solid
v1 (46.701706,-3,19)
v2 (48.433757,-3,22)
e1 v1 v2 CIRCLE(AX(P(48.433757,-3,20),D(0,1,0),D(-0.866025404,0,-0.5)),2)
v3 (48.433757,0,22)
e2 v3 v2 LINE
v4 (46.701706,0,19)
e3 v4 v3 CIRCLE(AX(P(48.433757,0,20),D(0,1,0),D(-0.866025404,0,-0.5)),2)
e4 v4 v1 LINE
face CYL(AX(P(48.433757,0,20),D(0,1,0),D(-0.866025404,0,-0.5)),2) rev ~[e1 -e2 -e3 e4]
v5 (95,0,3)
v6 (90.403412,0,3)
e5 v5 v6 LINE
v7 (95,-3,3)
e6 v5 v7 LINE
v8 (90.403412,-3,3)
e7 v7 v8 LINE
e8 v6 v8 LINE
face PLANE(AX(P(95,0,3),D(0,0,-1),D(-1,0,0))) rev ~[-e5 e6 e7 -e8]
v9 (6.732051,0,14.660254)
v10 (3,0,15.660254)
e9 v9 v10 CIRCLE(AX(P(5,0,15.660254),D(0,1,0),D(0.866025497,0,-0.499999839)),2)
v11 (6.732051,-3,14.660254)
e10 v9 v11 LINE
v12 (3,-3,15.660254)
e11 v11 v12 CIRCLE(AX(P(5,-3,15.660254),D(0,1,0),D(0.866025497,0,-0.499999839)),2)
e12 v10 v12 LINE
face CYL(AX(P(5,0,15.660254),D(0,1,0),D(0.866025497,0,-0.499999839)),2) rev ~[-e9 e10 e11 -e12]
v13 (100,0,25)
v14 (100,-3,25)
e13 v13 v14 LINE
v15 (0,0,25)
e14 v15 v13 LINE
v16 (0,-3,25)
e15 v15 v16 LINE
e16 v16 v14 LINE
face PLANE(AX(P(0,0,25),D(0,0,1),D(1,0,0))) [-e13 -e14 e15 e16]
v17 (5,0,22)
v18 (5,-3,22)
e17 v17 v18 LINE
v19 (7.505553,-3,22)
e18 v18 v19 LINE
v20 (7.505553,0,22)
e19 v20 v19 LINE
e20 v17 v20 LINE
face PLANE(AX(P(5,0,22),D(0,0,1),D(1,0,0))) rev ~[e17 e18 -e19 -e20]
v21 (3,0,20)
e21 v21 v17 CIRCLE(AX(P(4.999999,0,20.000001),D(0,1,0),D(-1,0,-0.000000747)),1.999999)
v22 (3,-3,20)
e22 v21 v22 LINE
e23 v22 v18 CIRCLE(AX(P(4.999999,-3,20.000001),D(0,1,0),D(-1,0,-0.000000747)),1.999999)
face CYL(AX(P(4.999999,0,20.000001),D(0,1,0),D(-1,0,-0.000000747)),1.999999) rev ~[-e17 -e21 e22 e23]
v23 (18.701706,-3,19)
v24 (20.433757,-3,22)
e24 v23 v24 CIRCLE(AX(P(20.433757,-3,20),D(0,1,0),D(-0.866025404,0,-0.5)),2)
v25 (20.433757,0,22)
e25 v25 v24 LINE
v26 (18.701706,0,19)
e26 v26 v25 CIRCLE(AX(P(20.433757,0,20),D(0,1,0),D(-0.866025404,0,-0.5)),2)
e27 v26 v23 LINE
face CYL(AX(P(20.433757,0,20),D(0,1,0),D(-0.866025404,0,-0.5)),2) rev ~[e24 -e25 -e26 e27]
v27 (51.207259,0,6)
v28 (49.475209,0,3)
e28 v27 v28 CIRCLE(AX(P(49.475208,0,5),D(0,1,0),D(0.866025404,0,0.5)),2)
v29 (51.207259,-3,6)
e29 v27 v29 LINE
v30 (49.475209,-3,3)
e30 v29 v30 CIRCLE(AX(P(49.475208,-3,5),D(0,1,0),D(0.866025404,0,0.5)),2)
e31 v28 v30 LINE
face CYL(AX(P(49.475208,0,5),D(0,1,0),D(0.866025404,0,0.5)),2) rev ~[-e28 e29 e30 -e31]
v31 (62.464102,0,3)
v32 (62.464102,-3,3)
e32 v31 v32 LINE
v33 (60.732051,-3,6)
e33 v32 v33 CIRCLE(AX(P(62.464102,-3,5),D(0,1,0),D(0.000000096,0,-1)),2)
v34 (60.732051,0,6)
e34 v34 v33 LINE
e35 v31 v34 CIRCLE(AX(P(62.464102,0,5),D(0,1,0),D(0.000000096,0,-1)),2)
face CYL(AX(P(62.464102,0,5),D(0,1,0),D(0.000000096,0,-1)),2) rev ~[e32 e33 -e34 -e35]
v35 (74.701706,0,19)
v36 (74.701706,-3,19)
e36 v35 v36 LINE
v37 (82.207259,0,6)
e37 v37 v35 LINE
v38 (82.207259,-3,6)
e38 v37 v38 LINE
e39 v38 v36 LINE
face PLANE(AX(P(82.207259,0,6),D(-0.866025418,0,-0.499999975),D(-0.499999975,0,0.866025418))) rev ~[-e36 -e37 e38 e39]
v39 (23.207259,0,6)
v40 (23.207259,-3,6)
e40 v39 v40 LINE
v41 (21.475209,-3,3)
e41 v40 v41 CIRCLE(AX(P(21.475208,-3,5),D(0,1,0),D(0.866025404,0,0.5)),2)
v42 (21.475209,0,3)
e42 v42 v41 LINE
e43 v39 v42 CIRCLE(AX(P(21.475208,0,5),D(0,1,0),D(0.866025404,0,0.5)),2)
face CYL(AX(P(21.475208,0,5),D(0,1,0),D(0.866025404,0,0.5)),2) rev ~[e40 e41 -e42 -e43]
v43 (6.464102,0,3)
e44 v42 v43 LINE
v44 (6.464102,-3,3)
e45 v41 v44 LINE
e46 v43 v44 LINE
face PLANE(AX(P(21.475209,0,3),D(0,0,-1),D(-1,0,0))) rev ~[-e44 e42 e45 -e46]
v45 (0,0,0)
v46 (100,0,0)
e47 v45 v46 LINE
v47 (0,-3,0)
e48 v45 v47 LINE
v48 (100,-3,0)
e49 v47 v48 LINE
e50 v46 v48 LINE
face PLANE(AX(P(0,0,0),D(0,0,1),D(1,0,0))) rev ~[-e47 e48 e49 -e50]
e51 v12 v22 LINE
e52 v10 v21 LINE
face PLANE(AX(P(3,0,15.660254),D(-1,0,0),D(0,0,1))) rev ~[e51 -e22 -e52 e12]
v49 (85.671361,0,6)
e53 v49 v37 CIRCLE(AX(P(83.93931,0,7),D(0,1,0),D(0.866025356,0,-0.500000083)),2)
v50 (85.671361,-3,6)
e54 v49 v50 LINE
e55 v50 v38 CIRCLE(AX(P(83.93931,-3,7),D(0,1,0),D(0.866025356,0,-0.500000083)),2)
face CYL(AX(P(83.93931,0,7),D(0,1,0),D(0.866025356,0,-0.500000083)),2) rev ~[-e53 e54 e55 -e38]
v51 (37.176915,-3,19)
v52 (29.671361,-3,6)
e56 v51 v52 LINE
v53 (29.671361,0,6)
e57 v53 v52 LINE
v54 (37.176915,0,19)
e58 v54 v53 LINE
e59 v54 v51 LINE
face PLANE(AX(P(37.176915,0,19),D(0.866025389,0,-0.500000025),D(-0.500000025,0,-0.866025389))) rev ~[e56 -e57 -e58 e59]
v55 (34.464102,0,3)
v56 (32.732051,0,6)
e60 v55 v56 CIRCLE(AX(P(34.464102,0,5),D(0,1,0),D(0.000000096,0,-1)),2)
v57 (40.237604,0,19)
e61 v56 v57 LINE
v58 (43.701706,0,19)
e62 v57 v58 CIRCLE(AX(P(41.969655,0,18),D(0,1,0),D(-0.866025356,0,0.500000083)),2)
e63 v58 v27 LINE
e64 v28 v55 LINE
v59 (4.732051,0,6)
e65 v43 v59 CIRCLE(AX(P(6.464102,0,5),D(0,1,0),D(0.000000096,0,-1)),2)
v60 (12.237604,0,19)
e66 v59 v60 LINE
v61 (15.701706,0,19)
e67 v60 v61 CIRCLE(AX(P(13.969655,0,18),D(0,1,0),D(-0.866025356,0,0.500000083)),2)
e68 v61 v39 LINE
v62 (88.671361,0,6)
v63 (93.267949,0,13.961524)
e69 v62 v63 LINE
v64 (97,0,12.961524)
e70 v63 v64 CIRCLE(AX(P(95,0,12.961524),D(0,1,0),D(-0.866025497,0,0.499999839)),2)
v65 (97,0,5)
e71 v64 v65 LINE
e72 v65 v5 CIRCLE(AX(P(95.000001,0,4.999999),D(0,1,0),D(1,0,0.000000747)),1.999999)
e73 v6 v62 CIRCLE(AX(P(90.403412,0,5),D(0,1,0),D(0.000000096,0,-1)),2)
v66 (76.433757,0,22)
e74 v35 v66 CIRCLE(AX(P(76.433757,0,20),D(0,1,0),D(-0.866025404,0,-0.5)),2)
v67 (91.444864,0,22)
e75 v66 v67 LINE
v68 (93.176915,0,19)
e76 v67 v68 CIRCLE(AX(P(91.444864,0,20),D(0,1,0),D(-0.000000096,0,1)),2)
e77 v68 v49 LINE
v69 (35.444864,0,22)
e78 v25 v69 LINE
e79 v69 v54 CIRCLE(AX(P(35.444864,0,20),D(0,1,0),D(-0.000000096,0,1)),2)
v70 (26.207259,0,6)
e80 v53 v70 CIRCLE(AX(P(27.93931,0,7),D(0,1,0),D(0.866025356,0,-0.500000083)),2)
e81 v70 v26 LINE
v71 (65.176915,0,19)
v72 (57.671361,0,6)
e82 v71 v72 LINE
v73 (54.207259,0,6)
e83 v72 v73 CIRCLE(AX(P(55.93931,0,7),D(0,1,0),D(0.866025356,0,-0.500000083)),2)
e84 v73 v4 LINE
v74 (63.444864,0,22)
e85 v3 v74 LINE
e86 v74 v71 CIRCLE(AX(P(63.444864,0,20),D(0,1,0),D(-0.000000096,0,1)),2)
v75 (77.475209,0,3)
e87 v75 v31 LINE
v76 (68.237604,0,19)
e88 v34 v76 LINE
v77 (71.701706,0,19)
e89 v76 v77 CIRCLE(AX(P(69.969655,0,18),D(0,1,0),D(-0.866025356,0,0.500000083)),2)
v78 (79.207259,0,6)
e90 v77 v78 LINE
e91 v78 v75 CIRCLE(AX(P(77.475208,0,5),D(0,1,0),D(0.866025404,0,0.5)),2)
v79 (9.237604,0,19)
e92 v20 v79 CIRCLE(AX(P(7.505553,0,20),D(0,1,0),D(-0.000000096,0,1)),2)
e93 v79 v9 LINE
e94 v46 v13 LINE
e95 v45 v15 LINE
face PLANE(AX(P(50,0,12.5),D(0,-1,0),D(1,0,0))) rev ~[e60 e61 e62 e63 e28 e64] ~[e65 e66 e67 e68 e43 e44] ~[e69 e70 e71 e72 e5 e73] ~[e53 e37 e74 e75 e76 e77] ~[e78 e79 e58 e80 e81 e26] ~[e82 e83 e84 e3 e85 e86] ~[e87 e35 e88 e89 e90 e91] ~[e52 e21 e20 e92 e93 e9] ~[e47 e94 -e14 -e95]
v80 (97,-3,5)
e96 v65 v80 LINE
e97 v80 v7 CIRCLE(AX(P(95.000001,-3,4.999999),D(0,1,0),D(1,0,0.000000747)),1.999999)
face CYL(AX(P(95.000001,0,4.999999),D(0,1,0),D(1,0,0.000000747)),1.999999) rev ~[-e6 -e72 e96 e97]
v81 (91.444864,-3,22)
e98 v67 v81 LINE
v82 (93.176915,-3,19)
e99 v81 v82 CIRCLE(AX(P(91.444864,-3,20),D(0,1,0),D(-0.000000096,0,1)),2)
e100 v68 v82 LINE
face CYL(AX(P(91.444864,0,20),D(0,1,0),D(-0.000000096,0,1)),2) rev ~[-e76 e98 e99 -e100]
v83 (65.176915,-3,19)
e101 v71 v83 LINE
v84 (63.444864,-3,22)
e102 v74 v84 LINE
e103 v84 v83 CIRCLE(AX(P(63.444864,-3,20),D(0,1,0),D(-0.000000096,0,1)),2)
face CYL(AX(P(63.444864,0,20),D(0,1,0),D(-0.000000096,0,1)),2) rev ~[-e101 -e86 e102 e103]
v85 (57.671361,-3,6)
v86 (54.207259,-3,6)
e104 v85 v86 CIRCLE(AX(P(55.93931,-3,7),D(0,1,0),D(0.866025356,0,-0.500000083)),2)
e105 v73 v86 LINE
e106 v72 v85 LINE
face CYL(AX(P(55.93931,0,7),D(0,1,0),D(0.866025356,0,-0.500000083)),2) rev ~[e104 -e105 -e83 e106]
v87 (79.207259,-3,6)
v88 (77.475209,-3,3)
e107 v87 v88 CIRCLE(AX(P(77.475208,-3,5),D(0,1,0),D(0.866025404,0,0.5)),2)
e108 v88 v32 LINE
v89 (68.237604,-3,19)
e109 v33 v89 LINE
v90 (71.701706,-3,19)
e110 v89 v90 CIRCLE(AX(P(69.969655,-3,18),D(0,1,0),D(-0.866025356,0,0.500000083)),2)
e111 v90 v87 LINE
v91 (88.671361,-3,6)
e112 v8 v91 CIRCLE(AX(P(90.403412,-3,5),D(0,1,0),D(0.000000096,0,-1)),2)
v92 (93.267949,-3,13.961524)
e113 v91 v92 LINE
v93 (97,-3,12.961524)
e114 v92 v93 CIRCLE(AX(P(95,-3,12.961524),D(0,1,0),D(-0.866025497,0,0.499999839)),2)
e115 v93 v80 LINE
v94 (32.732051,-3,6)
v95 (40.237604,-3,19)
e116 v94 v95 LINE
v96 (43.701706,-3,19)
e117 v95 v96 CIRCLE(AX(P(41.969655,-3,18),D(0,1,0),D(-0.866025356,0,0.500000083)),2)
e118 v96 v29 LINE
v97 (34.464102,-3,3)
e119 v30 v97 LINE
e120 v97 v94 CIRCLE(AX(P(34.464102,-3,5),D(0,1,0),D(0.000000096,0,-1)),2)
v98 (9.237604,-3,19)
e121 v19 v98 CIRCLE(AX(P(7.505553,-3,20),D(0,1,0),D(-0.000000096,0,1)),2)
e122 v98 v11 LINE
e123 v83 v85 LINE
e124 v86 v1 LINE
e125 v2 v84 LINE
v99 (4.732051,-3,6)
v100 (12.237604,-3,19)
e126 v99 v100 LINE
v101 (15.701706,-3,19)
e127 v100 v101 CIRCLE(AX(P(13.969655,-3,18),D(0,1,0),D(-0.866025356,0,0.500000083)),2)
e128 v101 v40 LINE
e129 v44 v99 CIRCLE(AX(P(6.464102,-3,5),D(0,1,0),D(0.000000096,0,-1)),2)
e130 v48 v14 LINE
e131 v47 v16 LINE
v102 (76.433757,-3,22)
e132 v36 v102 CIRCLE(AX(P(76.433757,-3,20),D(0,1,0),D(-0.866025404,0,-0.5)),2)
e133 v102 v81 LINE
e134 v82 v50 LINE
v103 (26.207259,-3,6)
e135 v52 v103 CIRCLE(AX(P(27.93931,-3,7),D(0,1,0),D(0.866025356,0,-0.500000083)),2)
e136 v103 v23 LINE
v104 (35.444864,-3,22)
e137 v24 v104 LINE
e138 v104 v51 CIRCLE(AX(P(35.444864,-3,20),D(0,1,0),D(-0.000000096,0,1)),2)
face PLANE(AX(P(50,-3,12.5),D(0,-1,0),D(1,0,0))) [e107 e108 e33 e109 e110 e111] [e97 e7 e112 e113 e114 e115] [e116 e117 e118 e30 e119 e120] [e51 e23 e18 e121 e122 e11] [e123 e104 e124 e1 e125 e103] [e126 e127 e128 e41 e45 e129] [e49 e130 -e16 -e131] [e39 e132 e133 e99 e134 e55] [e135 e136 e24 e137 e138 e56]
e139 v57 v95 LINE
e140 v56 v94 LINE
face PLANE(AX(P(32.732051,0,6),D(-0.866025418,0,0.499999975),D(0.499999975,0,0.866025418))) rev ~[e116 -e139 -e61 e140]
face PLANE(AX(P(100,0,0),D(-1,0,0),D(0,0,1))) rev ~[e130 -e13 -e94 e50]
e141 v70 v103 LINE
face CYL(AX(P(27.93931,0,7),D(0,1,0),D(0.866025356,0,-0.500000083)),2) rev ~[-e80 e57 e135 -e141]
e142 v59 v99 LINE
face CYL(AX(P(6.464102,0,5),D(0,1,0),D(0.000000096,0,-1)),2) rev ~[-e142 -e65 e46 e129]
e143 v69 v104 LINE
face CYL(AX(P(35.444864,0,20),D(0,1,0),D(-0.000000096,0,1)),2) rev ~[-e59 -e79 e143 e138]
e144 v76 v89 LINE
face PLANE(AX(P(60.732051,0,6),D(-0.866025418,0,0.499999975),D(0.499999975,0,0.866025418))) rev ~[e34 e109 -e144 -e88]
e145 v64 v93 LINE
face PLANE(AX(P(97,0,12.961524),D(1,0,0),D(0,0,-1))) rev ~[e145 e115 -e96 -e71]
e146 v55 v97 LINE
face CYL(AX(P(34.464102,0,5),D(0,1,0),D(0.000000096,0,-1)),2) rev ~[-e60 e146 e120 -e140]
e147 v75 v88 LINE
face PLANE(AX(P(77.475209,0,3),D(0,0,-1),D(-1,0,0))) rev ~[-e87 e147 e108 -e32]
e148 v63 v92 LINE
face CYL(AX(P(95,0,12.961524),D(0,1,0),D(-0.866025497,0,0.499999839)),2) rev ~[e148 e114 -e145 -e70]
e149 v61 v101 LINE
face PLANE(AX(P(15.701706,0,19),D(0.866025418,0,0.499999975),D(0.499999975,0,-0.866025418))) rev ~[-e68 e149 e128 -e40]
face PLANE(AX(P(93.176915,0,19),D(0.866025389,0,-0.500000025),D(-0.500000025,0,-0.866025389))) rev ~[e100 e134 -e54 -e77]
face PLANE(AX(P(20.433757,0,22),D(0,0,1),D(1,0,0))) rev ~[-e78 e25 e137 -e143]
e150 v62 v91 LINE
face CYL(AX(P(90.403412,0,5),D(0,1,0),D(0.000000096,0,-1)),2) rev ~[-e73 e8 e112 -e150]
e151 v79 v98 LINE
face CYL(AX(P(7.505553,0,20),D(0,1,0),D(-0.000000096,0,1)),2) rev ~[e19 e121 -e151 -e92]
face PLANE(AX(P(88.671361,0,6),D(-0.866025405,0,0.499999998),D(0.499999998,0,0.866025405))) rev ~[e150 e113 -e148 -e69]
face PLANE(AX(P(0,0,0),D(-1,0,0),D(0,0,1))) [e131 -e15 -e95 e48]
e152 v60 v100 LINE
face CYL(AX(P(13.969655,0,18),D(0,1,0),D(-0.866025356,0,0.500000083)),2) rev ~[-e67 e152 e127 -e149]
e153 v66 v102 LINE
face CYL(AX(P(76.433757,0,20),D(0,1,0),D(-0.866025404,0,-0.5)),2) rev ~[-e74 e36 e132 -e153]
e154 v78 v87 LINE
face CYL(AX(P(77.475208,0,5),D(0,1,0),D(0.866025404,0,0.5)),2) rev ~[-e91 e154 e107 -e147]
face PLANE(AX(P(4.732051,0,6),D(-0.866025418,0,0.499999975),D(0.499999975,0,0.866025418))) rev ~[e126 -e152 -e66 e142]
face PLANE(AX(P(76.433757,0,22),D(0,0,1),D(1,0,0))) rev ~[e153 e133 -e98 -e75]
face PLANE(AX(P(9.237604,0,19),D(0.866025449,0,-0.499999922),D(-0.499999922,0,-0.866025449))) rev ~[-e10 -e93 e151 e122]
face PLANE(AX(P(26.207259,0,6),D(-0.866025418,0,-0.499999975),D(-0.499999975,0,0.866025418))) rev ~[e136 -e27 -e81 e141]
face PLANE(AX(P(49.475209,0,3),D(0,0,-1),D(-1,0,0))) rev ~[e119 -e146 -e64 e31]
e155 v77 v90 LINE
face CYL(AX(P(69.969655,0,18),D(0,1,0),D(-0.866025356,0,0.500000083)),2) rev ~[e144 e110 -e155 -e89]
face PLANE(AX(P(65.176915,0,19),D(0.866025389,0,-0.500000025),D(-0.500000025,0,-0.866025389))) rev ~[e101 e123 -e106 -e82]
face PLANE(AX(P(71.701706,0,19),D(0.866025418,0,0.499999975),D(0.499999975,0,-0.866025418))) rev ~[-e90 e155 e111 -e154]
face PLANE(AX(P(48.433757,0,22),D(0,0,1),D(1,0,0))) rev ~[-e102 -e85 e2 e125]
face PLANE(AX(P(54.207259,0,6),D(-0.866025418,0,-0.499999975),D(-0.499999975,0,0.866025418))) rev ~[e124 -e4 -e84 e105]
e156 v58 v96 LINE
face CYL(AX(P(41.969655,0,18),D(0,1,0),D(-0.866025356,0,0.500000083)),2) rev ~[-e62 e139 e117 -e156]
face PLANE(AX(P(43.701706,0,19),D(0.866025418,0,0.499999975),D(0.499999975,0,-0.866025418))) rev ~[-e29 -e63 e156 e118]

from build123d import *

# Parameters (mm, degrees)
F0_W     = 100
F0_H     = 25
F1_DEPTH = 3


with BuildPart() as f1:
    # F0 (on Front) → F1 (new body)
    with BuildSketch(Plane.XZ):
        with Locations((50, 12.5)):
            Rectangle(F0_W, F0_H)
        with BuildLine():
            Line((4.732051, 6), (12.237604, 19))
            ThreePointArc((12.237604, 19), (13.969655, 20), (15.701706, 19))
            Line((15.701706, 19), (23.207259, 6))
            ThreePointArc((23.207259, 6), (23.207259, 4), (21.475209, 3))
            Line((21.475209, 3), (6.464102, 3))
            ThreePointArc((6.464102, 3), (4.732051, 4), (4.732051, 6))
        make_face(mode=Mode.SUBTRACT)
        with BuildLine():
            ThreePointArc((51.207259, 6), (51.207259, 4), (49.475209, 3))
            Line((49.475209, 3), (34.464102, 3))
            ThreePointArc((34.464102, 3), (32.732051, 4), (32.732051, 6))
            Line((32.732051, 6), (40.237604, 19))
            ThreePointArc((40.237604, 19), (41.969655, 20), (43.701706, 19))
            Line((43.701706, 19), (51.207259, 6))
        make_face(mode=Mode.SUBTRACT)
        with BuildLine():
            ThreePointArc((79.207259, 6), (79.207259, 4), (77.475209, 3))
            Line((77.475209, 3), (62.464102, 3))
            ThreePointArc((62.464102, 3), (60.732051, 4), (60.732051, 6))
            Line((60.732051, 6), (68.237604, 19))
            ThreePointArc((68.237604, 19), (69.969655, 20), (71.701706, 19))
            Line((71.701706, 19), (79.207259, 6))
        make_face(mode=Mode.SUBTRACT)
        with BuildLine():
            Line((97, 12.961524), (97, 5))
            ThreePointArc((97, 5), (96.414214, 3.585786), (95, 3))
            Line((95, 3), (90.403412, 3))
            ThreePointArc((90.403412, 3), (88.671361, 4), (88.671361, 6))
            Line((88.671361, 6), (93.267949, 13.961524))
            ThreePointArc((93.267949, 13.961524), (95.517638, 14.893376), (97, 12.961524))
        make_face(mode=Mode.SUBTRACT)
        with BuildLine():
            ThreePointArc((3, 20), (3.585786, 21.414214), (5, 22))
            Line((5, 22), (7.505553, 22))
            ThreePointArc((7.505553, 22), (9.237604, 21), (9.237604, 19))
            Line((9.237604, 19), (6.732051, 14.660254))
            ThreePointArc((6.732051, 14.660254), (4.482362, 13.728402), (3, 15.660254))
            Line((3, 15.660254), (3, 20))
        make_face(mode=Mode.SUBTRACT)
        with BuildLine():
            Line((26.207259, 6), (18.701706, 19))
            ThreePointArc((18.701706, 19), (18.701706, 21), (20.433757, 22))
            Line((20.433757, 22), (35.444864, 22))
            ThreePointArc((35.444864, 22), (37.176915, 21), (37.176915, 19))
            Line((37.176915, 19), (29.671361, 6))
            ThreePointArc((29.671361, 6), (27.93931, 5), (26.207259, 6))
        make_face(mode=Mode.SUBTRACT)
        with BuildLine():
            Line((65.176915, 19), (57.671361, 6))
            ThreePointArc((57.671361, 6), (55.93931, 5), (54.207259, 6))
            Line((54.207259, 6), (46.701706, 19))
            ThreePointArc((46.701706, 19), (46.701706, 21), (48.433757, 22))
            Line((48.433757, 22), (63.444864, 22))
            ThreePointArc((63.444864, 22), (65.176915, 21), (65.176915, 19))
        make_face(mode=Mode.SUBTRACT)
        with BuildLine():
            Line((93.176915, 19), (85.671361, 6))
            ThreePointArc((85.671361, 6), (83.93931, 5), (82.207259, 6))
            Line((82.207259, 6), (74.701706, 19))
            ThreePointArc((74.701706, 19), (74.701706, 21), (76.433757, 22))
            Line((76.433757, 22), (91.444864, 22))
            ThreePointArc((91.444864, 22), (93.176915, 21), (93.176915, 19))
        make_face(mode=Mode.SUBTRACT)
    extrude(amount=F1_DEPTH)


solid = f1.part
